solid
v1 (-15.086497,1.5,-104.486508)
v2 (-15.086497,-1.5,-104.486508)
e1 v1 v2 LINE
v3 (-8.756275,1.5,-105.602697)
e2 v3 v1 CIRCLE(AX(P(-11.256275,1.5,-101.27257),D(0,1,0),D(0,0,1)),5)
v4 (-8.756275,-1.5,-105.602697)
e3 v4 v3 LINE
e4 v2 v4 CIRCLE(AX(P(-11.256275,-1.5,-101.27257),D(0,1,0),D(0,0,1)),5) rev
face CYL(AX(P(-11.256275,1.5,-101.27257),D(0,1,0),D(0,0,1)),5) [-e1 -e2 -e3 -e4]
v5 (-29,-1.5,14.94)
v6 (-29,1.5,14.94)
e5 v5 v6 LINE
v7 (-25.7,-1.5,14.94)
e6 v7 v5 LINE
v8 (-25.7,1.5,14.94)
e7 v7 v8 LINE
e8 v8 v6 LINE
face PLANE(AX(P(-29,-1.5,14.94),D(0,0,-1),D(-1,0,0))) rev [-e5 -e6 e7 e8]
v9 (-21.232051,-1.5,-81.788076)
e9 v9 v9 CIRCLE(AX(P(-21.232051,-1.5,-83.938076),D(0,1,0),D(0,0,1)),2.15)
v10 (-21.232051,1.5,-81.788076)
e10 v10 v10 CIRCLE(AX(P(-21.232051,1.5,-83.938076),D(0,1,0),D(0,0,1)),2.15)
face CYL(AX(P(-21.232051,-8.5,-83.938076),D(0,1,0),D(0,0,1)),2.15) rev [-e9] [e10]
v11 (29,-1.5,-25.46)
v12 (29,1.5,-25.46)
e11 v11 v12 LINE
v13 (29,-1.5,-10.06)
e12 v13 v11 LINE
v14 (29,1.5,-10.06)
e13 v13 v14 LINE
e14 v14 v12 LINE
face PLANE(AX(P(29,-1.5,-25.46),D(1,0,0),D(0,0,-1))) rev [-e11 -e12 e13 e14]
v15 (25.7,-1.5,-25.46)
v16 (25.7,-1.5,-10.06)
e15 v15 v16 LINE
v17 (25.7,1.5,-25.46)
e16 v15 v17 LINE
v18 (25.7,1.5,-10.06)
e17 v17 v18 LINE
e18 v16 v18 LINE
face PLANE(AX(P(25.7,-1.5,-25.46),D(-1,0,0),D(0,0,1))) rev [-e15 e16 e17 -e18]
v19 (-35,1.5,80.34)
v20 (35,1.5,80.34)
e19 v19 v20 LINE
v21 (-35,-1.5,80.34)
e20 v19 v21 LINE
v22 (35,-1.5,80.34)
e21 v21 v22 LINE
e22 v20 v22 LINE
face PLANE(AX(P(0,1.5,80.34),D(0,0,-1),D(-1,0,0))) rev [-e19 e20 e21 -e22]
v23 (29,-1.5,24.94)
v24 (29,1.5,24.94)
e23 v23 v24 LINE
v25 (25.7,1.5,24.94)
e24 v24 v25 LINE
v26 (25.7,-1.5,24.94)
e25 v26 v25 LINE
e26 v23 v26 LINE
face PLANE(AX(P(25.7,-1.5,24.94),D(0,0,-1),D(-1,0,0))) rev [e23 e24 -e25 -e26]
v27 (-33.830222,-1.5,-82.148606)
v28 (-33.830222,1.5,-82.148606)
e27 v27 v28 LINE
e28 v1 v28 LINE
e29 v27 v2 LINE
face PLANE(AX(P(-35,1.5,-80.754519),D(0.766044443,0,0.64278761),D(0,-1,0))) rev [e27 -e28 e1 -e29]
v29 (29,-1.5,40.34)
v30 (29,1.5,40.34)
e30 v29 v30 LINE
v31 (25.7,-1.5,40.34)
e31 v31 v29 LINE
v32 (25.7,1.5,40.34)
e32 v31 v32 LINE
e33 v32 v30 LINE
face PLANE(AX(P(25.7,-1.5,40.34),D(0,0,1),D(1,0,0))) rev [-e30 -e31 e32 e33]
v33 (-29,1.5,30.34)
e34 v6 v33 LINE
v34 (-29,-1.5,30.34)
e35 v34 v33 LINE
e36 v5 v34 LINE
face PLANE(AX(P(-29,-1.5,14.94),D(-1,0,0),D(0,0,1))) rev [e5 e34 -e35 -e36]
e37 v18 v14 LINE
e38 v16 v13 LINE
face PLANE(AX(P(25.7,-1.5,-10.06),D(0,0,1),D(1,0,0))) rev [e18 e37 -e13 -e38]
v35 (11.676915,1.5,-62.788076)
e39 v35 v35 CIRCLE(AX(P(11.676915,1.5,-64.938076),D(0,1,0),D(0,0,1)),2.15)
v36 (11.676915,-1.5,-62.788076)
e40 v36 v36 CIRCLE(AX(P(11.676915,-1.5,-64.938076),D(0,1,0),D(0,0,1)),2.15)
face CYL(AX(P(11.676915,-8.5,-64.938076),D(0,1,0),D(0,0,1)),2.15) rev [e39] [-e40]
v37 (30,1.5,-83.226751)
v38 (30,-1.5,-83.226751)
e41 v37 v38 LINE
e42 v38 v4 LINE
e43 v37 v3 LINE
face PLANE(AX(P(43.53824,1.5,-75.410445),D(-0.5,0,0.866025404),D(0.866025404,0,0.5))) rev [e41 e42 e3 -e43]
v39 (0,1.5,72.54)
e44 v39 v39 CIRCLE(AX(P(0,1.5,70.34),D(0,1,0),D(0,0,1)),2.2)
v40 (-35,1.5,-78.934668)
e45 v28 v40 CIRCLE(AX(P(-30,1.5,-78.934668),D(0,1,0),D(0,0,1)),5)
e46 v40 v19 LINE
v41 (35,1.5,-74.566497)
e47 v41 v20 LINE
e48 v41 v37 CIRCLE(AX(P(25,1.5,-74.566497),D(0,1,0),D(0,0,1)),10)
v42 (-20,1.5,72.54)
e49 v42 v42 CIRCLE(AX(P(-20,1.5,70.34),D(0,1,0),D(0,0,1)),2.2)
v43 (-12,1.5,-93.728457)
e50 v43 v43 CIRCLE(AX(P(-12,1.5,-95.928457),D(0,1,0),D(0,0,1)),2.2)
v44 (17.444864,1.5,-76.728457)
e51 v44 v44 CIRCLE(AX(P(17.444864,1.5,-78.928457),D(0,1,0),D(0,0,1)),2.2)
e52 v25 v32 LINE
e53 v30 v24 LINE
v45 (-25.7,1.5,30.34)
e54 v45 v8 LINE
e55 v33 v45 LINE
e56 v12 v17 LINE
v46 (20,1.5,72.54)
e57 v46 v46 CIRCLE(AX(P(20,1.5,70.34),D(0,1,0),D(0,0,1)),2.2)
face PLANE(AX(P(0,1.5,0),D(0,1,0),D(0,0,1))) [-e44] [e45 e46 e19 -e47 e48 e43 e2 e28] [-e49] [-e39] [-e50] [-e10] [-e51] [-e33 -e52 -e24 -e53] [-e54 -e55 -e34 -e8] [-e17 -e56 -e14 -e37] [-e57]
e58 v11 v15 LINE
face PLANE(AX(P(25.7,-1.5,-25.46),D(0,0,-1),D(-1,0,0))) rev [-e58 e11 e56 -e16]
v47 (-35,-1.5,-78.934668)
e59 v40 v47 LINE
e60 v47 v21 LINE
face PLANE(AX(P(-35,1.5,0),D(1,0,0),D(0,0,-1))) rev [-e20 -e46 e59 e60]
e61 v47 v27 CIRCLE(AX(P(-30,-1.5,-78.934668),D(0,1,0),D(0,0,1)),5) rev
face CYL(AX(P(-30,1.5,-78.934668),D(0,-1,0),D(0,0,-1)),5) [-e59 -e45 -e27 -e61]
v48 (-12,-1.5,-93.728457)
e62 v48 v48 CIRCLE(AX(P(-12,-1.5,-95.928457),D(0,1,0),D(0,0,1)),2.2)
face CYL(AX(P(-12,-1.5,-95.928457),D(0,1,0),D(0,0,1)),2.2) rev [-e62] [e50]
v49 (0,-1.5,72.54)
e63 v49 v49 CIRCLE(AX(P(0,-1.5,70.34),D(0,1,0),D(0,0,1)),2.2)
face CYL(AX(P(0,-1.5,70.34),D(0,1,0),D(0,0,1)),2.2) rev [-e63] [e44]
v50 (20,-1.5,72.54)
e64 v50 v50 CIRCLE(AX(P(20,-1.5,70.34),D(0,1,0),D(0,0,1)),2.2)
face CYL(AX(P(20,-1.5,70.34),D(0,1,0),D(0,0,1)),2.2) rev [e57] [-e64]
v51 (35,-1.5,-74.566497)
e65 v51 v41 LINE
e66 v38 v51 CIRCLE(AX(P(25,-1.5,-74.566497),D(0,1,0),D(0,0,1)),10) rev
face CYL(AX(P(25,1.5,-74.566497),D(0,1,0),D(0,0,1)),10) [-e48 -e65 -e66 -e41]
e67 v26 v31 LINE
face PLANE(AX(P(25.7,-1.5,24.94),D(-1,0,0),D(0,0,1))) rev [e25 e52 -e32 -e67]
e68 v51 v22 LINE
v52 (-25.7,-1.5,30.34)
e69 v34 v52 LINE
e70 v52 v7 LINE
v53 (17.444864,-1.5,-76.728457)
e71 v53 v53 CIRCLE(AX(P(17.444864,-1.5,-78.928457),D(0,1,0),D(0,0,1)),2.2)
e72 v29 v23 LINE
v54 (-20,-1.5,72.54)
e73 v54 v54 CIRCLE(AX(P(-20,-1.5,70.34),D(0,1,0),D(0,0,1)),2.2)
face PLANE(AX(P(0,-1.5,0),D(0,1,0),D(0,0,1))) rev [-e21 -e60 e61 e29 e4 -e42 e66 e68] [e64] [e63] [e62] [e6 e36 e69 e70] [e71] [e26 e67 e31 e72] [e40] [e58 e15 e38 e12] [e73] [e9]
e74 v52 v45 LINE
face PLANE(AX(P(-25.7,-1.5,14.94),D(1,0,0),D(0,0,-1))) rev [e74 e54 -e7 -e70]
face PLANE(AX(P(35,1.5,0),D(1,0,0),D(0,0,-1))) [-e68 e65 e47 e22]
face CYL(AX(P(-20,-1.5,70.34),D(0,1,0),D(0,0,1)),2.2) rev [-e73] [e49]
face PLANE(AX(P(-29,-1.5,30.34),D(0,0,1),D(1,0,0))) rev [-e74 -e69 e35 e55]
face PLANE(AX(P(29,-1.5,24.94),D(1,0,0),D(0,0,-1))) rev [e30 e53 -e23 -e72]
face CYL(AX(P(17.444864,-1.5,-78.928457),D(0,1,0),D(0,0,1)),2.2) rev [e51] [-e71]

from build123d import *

# Parameters (mm, degrees)
SKETCH_1_W               = 70
SKETCH_1_H               = 160.68
EXTRUDE_1_DEPTH          = 1.5
CUT_EXTRUDE_1_DEPTH      = 126.760303041
CUT_EXTRUDE_1_DEPTH_BACK = 126.760303041
SKETCH_2_R               = 2.2
FILLET_2_R               = 10
CUT_EXTRUDE_2_DEPTH      = 126.760303041
CUT_EXTRUDE_2_DEPTH_BACK = 126.760303041
SKETCH_3_R               = 2.2
CHAMFER_2_SIZE           = 40
CHAMFER_2_SIZE2          = 26.108145787
FILLET_3_R               = 5
CUT_EXTRUDE_3_DEPTH      = 112.92791923
CUT_EXTRUDE_3_DEPTH_BACK = 112.92791923
SKETCH_4_W               = 3.3
SKETCH_4_H               = 15.4
SKETCH_5_R               = 2.15
CUT_EXTRUDE_4_DEPTH      = 10


with BuildPart() as part:
    # 草图1 → 凸台-拉伸1 (new, symmetric)
    with BuildSketch(Plane(origin=(0, 0, 0), x_dir=(1, 0, 0), z_dir=(0, 1, 0))):
        Rectangle(SKETCH_1_W, SKETCH_1_H)
        Polygon((35, 80.34), (-35, 120.754518843), (-35, 80.34), align=None)
    extrude(amount=EXTRUDE_1_DEPTH, both=True)

    # 草图2 → 切除-拉伸1 (cut, two sides: drawn at the far end of the back side and taken through both)
    with BuildSketch(Plane(origin=(0, 1.5, 0), x_dir=(1, 0, 0), z_dir=(0, 1, 0)).offset(-CUT_EXTRUDE_1_DEPTH_BACK)):
        with Locations(Location((-12, 95.928457268, 0), (0, 0, 270))):
            Circle(SKETCH_2_R)
        with Locations(Location((17.444863729, 78.928457268, 0), (0, 0, 270))):
            Circle(SKETCH_2_R)
    extrude(amount=CUT_EXTRUDE_1_DEPTH + CUT_EXTRUDE_1_DEPTH_BACK, mode=Mode.SUBTRACT)

    # 圆角2
    fillet_2_edges = [part.edges().sort_by_distance(p)[0] for p in [
        (35, 0, -80.34),
    ]]
    fillet(fillet_2_edges, radius=FILLET_2_R)

    # 草图3 → 切除-拉伸2 (cut, two sides: drawn at the far end of the back side and taken through both)
    with BuildSketch(Plane(origin=(0, 1.5, 0), x_dir=(1, 0, 0), z_dir=(0, 1, 0)).offset(-CUT_EXTRUDE_2_DEPTH_BACK)):
        with Locations(Location((0, -70.34, 0), (0, 0, 270))):
            Circle(SKETCH_3_R)
        with Locations(Location((-20, -70.34, 0), (0, 0, 270))):
            Circle(SKETCH_3_R)
        with Locations(Location((20, -70.34, 0), (0, 0, 270))):
            Circle(SKETCH_3_R)
    extrude(amount=CUT_EXTRUDE_2_DEPTH + CUT_EXTRUDE_2_DEPTH_BACK, mode=Mode.SUBTRACT)

    # 倒角2
    chamfer_2_edges = [part.edges().sort_by_distance(p)[0] for p in [
        (-35, 0, -120.754518843),
    ]]
    chamfer_2_side = [part.faces().sort_by_distance(p)[0] for p in [
        (-35, 0, -20.207259422),
    ]]
    chamfer(chamfer_2_edges, length=CHAMFER_2_SIZE, length2=CHAMFER_2_SIZE2, reference=chamfer_2_side[0])

    # 圆角3
    fillet_3_edges = [part.edges().sort_by_distance(p)[0] for p in [
        (-35, 0, -80.754518843),
        (-12.389682503, 0, -107.70044595),
    ]]
    fillet(fillet_3_edges, radius=FILLET_3_R)

    # 草图4 → 切除-拉伸3 (cut, two sides: drawn at the far end of the back side and taken through both)
    with BuildSketch(Plane(origin=(0, 1.5, 0), x_dir=(1, 0, 0), z_dir=(0, 1, 0)).offset(-CUT_EXTRUDE_3_DEPTH_BACK)):
        with Locations((-27.35, -22.64)):
            Rectangle(SKETCH_4_W, SKETCH_4_H)
        with Locations((27.35, -32.64)):
            Rectangle(SKETCH_4_W, SKETCH_4_H)
        with Locations((27.35, 17.76)):
            Rectangle(SKETCH_4_W, SKETCH_4_H)
    extrude(amount=CUT_EXTRUDE_3_DEPTH + CUT_EXTRUDE_3_DEPTH_BACK, mode=Mode.SUBTRACT)

    # 草图5 → 切除-拉伸4 (cut)
    with BuildSketch(Plane(origin=(0, 1.5, 0), x_dir=(1, 0, 0), z_dir=(0, 1, 0))):
        with Locations(Location((-21.232050808, 83.938076211, 0), (0, 0, 270))):
            Circle(SKETCH_5_R)
        with Locations(Location((11.676914536, 64.938076211, 0), (0, 0, 270))):
            Circle(SKETCH_5_R)
    extrude(amount=-CUT_EXTRUDE_4_DEPTH, mode=Mode.SUBTRACT)


solid = part.part
